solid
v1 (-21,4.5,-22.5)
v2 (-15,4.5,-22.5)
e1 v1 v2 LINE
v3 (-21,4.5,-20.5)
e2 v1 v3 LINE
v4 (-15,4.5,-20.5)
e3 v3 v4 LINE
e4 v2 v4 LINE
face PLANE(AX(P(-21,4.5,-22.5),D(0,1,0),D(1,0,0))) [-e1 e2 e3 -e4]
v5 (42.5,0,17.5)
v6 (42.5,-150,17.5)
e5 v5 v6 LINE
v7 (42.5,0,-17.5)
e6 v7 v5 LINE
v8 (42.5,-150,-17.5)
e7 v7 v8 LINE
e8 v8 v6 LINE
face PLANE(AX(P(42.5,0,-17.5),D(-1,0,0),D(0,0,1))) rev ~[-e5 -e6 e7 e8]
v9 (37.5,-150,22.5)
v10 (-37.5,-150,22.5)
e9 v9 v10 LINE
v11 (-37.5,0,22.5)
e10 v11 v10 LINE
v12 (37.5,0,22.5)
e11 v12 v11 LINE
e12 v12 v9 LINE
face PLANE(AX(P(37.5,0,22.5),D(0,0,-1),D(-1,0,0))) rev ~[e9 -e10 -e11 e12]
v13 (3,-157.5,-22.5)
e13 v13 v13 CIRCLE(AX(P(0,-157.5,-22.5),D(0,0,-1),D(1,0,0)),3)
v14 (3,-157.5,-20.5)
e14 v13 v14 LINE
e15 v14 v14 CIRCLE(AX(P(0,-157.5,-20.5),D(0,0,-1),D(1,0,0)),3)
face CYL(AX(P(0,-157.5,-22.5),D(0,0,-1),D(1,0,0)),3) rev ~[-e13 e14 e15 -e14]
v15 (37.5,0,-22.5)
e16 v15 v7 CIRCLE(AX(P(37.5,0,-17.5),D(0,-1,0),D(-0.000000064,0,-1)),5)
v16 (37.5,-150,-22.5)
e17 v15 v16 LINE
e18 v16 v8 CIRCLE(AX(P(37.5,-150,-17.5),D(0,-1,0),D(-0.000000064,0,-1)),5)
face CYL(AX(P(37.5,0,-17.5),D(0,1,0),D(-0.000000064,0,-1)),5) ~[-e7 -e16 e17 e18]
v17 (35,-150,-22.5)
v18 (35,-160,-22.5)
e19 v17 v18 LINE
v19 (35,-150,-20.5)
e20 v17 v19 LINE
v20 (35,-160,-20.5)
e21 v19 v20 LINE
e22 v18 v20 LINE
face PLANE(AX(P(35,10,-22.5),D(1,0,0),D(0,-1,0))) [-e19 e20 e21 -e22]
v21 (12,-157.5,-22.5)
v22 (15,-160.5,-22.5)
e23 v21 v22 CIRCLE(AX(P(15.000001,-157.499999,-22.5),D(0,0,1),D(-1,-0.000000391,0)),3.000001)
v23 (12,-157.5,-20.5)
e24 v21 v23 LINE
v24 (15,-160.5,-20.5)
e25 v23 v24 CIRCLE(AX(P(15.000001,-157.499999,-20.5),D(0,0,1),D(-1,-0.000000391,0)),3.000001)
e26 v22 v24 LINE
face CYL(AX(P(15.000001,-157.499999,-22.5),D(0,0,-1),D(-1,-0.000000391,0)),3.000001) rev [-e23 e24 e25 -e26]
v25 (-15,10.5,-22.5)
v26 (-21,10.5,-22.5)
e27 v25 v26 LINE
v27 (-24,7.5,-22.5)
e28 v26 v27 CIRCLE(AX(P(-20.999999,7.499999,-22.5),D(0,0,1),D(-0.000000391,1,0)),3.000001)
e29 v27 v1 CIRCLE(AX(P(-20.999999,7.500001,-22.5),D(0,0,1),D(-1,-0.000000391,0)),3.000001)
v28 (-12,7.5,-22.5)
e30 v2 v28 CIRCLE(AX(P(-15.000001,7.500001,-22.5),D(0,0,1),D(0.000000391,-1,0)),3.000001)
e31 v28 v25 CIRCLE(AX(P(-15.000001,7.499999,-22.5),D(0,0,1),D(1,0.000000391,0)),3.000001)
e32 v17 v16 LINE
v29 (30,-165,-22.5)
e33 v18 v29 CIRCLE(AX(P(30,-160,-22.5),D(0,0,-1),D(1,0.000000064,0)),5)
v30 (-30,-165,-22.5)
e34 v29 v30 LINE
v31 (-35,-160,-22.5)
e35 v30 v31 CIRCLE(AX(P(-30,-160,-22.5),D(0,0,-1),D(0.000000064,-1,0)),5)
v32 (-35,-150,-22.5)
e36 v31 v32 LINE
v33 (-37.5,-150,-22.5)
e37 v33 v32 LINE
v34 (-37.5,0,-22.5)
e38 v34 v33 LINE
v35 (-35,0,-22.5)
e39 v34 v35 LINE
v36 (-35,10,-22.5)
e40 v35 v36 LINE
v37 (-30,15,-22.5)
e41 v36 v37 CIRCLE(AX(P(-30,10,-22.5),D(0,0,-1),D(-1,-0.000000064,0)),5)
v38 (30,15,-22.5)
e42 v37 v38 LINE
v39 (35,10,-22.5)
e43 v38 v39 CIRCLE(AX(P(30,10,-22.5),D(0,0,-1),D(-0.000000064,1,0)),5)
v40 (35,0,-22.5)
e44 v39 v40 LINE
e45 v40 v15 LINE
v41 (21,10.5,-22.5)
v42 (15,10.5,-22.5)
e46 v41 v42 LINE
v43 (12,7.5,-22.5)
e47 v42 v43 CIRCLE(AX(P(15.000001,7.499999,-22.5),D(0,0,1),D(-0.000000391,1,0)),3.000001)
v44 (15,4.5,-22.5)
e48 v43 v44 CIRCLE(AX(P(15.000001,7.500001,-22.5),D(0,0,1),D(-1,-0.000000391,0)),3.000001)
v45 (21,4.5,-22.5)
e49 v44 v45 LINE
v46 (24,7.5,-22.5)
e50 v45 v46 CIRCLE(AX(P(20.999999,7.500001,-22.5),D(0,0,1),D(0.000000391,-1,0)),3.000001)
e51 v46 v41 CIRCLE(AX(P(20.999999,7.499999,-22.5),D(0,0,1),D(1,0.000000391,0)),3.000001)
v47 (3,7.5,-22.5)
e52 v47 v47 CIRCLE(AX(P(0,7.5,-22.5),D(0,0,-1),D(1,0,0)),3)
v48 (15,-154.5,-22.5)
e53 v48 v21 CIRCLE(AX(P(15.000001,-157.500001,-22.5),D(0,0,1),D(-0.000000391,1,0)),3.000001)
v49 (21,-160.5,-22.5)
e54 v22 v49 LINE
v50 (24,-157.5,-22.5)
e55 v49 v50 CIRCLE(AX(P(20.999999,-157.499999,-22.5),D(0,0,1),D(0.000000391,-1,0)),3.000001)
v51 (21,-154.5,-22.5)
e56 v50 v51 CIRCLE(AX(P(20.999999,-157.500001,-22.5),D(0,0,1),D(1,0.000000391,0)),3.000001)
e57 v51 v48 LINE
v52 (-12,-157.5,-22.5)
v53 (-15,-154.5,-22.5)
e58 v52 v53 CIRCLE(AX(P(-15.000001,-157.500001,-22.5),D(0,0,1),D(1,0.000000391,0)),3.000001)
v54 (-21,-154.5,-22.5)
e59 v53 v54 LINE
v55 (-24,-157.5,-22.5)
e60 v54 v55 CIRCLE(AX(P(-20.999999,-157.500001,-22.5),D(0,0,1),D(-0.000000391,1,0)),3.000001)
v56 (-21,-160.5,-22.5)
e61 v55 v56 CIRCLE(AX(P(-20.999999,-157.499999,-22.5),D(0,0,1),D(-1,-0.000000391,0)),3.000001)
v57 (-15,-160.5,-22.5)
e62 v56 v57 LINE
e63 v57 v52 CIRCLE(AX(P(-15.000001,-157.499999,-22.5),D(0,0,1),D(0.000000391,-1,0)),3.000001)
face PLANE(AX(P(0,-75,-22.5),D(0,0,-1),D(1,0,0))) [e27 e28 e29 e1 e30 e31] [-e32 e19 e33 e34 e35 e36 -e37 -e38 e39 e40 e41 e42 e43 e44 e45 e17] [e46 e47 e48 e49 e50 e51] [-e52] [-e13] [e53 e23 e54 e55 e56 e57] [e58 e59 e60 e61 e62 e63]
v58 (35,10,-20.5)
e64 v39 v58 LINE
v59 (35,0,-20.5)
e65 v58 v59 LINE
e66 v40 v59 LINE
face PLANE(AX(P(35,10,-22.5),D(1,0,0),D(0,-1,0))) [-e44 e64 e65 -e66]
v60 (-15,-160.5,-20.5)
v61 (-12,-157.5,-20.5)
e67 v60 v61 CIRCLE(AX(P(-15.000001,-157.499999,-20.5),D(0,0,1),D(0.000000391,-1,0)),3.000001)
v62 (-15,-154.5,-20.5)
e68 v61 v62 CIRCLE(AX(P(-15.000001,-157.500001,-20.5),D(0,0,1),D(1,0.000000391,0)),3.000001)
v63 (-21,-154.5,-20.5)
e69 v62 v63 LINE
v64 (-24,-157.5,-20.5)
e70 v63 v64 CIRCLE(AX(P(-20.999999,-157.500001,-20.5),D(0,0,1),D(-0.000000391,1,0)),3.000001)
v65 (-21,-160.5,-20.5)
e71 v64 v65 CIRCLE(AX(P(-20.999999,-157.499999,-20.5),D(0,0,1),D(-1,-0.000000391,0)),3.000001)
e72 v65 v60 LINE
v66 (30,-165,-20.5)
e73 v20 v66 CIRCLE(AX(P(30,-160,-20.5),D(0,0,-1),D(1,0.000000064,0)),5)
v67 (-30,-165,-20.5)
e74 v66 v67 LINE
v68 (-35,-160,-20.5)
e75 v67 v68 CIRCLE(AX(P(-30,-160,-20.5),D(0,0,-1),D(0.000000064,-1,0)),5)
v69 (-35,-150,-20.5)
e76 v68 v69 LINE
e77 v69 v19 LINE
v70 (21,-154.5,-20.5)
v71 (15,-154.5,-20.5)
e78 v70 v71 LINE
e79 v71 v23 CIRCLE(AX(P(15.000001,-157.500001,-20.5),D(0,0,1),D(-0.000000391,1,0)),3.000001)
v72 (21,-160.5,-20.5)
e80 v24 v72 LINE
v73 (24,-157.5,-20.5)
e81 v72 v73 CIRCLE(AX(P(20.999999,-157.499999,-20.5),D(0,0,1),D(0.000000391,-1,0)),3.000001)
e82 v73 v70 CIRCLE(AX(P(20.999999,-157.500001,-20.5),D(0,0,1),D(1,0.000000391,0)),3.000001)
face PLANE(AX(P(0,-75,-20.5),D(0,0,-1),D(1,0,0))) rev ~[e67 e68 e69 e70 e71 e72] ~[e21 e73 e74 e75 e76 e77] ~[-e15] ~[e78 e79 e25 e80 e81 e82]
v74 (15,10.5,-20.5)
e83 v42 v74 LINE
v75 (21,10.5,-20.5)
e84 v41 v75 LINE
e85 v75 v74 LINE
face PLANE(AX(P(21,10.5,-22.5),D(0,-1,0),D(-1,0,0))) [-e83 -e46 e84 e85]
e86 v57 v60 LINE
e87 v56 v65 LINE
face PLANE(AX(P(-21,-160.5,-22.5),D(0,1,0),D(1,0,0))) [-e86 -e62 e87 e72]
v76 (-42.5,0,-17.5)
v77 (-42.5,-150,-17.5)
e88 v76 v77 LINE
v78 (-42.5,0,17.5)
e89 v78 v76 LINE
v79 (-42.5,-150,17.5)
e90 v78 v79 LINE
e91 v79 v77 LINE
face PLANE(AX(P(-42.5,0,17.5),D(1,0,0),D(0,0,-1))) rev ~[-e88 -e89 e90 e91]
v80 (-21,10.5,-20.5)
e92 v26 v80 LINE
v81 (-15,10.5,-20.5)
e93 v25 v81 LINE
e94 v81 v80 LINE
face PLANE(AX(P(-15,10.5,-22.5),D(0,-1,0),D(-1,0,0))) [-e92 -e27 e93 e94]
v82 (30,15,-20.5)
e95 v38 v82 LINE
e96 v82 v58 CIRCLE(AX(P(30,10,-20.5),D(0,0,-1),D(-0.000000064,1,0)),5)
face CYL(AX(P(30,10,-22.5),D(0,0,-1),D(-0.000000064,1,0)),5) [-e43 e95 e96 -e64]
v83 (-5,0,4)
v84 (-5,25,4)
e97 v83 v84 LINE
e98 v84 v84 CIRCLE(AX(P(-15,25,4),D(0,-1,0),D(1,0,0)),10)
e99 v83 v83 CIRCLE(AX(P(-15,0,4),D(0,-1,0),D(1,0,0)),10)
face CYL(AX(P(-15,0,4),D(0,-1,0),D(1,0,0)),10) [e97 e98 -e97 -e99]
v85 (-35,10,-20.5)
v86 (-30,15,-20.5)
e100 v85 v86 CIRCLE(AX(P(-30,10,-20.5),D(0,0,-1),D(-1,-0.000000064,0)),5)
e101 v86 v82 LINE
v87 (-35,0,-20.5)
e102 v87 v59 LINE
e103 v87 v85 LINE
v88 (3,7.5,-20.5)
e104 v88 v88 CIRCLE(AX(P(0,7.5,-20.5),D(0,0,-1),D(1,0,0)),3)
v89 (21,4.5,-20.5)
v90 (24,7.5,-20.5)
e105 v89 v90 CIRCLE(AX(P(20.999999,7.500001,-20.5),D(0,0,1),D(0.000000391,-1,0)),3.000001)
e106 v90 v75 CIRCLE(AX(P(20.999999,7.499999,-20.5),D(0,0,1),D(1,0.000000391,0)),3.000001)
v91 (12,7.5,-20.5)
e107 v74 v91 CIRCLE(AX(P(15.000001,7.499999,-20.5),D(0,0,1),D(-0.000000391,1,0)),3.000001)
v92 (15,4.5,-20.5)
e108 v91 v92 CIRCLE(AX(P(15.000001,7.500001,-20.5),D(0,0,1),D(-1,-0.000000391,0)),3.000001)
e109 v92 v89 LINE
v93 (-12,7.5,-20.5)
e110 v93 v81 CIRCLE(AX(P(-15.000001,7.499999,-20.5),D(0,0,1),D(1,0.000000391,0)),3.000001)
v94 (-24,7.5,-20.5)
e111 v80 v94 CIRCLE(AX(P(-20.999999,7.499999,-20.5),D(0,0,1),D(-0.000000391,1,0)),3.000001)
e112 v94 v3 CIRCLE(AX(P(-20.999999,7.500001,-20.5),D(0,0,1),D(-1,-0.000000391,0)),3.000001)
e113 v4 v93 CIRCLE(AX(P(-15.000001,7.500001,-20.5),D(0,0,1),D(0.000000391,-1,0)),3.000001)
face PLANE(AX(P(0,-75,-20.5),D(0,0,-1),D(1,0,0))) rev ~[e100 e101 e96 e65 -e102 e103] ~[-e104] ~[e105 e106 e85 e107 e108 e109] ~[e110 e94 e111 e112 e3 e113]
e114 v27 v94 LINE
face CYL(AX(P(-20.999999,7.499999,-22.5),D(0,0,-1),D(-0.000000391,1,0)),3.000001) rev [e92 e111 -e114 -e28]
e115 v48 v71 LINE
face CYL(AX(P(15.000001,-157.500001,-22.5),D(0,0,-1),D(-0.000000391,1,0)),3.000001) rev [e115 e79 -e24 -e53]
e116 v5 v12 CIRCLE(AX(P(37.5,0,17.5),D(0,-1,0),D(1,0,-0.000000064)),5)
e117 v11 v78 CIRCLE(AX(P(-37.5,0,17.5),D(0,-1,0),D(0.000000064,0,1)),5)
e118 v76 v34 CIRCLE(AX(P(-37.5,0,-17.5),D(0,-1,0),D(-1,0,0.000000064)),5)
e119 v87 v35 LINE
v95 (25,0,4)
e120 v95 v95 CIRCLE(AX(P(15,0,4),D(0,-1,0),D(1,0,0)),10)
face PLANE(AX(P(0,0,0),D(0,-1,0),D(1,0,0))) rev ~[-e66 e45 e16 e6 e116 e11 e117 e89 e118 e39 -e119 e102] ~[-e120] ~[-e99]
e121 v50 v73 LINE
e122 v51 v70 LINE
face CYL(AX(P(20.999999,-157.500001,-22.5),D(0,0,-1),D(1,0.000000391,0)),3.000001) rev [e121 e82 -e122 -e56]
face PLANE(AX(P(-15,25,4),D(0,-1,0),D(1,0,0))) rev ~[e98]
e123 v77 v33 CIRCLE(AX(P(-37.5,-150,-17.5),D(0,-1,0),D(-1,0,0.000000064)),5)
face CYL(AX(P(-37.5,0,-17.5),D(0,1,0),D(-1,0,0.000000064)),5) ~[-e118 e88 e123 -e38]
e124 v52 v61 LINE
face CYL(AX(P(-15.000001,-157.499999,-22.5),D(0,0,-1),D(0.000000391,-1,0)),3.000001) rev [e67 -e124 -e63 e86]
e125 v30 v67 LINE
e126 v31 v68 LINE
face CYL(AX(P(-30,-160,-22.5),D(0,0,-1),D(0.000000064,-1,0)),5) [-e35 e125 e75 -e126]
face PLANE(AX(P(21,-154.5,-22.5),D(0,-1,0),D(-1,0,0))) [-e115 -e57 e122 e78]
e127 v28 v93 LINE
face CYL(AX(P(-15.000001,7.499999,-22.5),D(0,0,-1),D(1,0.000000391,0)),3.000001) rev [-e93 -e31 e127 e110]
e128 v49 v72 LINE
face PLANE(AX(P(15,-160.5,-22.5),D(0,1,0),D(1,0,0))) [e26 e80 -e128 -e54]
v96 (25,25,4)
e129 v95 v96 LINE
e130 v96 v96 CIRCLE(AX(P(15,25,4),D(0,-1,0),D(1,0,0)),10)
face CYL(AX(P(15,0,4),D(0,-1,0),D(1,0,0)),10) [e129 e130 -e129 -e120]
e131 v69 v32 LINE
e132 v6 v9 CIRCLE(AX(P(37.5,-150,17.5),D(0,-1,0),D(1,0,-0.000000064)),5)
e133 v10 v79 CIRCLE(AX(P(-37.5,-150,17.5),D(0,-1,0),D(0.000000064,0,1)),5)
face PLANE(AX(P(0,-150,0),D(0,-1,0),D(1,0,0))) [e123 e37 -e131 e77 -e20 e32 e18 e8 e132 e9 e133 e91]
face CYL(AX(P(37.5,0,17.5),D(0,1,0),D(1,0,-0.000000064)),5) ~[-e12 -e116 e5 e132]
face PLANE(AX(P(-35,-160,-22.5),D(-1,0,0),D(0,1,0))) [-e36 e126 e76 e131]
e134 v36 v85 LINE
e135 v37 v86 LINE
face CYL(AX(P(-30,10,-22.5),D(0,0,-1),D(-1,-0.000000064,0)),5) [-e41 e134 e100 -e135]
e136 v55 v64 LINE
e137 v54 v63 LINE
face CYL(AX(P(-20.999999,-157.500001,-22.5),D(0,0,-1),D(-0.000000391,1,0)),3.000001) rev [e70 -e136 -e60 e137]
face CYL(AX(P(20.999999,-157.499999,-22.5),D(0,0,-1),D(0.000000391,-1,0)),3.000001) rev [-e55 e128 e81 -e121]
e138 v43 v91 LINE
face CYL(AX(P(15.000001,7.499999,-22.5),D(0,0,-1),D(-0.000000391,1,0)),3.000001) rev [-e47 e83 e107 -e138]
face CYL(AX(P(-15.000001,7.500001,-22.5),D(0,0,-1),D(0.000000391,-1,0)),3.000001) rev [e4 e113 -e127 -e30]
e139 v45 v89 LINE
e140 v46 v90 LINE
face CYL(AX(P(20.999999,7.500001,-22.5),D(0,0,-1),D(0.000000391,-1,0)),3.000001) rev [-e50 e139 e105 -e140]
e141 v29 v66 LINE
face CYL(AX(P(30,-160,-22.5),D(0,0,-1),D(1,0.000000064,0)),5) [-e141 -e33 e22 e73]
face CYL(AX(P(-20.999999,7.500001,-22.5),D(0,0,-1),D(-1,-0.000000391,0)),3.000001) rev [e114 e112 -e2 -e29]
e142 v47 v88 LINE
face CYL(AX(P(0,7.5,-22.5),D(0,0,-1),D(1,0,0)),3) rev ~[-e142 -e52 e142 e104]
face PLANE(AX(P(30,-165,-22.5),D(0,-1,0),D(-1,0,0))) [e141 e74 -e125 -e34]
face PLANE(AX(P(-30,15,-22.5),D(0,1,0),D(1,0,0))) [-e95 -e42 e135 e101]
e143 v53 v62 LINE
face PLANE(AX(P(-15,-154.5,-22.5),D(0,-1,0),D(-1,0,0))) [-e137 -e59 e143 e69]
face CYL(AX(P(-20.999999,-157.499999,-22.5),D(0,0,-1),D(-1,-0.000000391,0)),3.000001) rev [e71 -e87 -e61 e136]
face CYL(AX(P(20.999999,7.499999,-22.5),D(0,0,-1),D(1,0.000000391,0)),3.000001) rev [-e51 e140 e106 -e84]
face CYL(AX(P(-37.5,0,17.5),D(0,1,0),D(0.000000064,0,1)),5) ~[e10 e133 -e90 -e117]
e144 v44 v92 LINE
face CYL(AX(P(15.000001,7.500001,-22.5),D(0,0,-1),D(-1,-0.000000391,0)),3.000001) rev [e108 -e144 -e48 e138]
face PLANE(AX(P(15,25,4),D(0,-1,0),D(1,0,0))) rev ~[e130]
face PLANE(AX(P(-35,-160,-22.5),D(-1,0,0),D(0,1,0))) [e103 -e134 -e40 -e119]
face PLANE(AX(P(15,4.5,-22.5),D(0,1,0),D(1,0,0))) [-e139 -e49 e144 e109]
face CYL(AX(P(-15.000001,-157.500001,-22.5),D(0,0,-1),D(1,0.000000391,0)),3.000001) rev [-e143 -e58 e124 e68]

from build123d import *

# Parameters (mm, degrees)
F1_DEPTH = 150
F2_R     = 3
F3_DEPTH = 2
F4_R     = 10
F5_DEPTH = 25


with BuildPart() as f1:
    # F0 (on Front) → F1 (new body)
    with BuildSketch(Plane.XZ):
        with BuildLine():
            ThreePointArc((42.5, 17.5), (41.035534, 21.035534), (37.5, 22.5))
            Line((37.5, 22.5), (-37.5, 22.5))
            ThreePointArc((-37.5, 22.5), (-41.035534, 21.035534), (-42.5, 17.5))
            Line((-42.5, 17.5), (-42.5, -17.5))
            ThreePointArc((-42.5, -17.5), (-41.035534, -21.035534), (-37.5, -22.5))
            Line((-37.5, -22.5), (37.5, -22.5))
            ThreePointArc((37.5, -22.5), (41.035534, -21.035534), (42.5, -17.5))
            Line((42.5, -17.5), (42.5, 17.5))
        make_face()
    extrude(amount=F1_DEPTH)

    # F2 (on face) → F3 (join)
    with BuildSketch(Plane(origin=(0, 0, -22.5), x_dir=(1, 0, 0), z_dir=(0, 0, -1))):
        with BuildLine():
            Line((30, 165), (-30, 165))
            ThreePointArc((-30, 165), (-33.535534, 163.535534), (-35, 160))
            Line((-35, 160), (-35, -10))
            ThreePointArc((-35, -10), (-33.535534, -13.535534), (-30, -15))
            Line((-30, -15), (30, -15))
            ThreePointArc((30, -15), (33.535534, -13.535534), (35, -10))
            Line((35, -10), (35, 160))
            ThreePointArc((35, 160), (33.535534, 163.535534), (30, 165))
        make_face()
        with BuildLine():
            Line((-21, -4.5), (-15, -4.5))
            ThreePointArc((-15, -4.5), (-12.87868, -5.37868), (-12, -7.5))
            ThreePointArc((-12, -7.5), (-12.87868, -9.62132), (-15, -10.5))
            Line((-15, -10.5), (-21, -10.5))
            ThreePointArc((-21, -10.5), (-23.12132, -9.62132), (-24, -7.5))
            ThreePointArc((-24, -7.5), (-23.12132, -5.37868), (-21, -4.5))
        make_face(mode=Mode.SUBTRACT)
        with Locations((0, -7.5)):
            Circle(F2_R, mode=Mode.SUBTRACT)
        with BuildLine():
            ThreePointArc((24, -7.5), (23.12132, -9.62132), (21, -10.5))
            Line((21, -10.5), (15, -10.5))
            ThreePointArc((15, -10.5), (12.87868, -9.62132), (12, -7.5))
            ThreePointArc((12, -7.5), (12.87868, -5.37868), (15, -4.5))
            Line((15, -4.5), (21, -4.5))
            ThreePointArc((21, -4.5), (23.12132, -5.37868), (24, -7.5))
        make_face(mode=Mode.SUBTRACT)
        with BuildLine():
            Line((-21, 160.5), (-15, 160.5))
            ThreePointArc((-15, 160.5), (-12.87868, 159.62132), (-12, 157.5))
            ThreePointArc((-12, 157.5), (-12.87868, 155.37868), (-15, 154.5))
            Line((-15, 154.5), (-21, 154.5))
            ThreePointArc((-21, 154.5), (-23.12132, 155.37868), (-24, 157.5))
            ThreePointArc((-24, 157.5), (-23.12132, 159.62132), (-21, 160.5))
        make_face(mode=Mode.SUBTRACT)
        with Locations((0, 157.5)):
            Circle(F2_R, mode=Mode.SUBTRACT)
        with BuildLine():
            ThreePointArc((12, 157.5), (12.87868, 159.62132), (15, 160.5))
            Line((15, 160.5), (21, 160.5))
            ThreePointArc((21, 160.5), (23.12132, 159.62132), (24, 157.5))
            ThreePointArc((24, 157.5), (23.12132, 155.37868), (21, 154.5))
            Line((21, 154.5), (15, 154.5))
            ThreePointArc((15, 154.5), (12.87868, 155.37868), (12, 157.5))
        make_face(mode=Mode.SUBTRACT)
    extrude(amount=-F3_DEPTH)

    # F4 (on Front) → F5 (join)
    with BuildSketch(Plane.XZ):
        with Locations((15, 4)):
            Circle(F4_R)
        with Locations((-15, 4)):
            Circle(F4_R)
    extrude(amount=-F5_DEPTH)


solid = f1.part
